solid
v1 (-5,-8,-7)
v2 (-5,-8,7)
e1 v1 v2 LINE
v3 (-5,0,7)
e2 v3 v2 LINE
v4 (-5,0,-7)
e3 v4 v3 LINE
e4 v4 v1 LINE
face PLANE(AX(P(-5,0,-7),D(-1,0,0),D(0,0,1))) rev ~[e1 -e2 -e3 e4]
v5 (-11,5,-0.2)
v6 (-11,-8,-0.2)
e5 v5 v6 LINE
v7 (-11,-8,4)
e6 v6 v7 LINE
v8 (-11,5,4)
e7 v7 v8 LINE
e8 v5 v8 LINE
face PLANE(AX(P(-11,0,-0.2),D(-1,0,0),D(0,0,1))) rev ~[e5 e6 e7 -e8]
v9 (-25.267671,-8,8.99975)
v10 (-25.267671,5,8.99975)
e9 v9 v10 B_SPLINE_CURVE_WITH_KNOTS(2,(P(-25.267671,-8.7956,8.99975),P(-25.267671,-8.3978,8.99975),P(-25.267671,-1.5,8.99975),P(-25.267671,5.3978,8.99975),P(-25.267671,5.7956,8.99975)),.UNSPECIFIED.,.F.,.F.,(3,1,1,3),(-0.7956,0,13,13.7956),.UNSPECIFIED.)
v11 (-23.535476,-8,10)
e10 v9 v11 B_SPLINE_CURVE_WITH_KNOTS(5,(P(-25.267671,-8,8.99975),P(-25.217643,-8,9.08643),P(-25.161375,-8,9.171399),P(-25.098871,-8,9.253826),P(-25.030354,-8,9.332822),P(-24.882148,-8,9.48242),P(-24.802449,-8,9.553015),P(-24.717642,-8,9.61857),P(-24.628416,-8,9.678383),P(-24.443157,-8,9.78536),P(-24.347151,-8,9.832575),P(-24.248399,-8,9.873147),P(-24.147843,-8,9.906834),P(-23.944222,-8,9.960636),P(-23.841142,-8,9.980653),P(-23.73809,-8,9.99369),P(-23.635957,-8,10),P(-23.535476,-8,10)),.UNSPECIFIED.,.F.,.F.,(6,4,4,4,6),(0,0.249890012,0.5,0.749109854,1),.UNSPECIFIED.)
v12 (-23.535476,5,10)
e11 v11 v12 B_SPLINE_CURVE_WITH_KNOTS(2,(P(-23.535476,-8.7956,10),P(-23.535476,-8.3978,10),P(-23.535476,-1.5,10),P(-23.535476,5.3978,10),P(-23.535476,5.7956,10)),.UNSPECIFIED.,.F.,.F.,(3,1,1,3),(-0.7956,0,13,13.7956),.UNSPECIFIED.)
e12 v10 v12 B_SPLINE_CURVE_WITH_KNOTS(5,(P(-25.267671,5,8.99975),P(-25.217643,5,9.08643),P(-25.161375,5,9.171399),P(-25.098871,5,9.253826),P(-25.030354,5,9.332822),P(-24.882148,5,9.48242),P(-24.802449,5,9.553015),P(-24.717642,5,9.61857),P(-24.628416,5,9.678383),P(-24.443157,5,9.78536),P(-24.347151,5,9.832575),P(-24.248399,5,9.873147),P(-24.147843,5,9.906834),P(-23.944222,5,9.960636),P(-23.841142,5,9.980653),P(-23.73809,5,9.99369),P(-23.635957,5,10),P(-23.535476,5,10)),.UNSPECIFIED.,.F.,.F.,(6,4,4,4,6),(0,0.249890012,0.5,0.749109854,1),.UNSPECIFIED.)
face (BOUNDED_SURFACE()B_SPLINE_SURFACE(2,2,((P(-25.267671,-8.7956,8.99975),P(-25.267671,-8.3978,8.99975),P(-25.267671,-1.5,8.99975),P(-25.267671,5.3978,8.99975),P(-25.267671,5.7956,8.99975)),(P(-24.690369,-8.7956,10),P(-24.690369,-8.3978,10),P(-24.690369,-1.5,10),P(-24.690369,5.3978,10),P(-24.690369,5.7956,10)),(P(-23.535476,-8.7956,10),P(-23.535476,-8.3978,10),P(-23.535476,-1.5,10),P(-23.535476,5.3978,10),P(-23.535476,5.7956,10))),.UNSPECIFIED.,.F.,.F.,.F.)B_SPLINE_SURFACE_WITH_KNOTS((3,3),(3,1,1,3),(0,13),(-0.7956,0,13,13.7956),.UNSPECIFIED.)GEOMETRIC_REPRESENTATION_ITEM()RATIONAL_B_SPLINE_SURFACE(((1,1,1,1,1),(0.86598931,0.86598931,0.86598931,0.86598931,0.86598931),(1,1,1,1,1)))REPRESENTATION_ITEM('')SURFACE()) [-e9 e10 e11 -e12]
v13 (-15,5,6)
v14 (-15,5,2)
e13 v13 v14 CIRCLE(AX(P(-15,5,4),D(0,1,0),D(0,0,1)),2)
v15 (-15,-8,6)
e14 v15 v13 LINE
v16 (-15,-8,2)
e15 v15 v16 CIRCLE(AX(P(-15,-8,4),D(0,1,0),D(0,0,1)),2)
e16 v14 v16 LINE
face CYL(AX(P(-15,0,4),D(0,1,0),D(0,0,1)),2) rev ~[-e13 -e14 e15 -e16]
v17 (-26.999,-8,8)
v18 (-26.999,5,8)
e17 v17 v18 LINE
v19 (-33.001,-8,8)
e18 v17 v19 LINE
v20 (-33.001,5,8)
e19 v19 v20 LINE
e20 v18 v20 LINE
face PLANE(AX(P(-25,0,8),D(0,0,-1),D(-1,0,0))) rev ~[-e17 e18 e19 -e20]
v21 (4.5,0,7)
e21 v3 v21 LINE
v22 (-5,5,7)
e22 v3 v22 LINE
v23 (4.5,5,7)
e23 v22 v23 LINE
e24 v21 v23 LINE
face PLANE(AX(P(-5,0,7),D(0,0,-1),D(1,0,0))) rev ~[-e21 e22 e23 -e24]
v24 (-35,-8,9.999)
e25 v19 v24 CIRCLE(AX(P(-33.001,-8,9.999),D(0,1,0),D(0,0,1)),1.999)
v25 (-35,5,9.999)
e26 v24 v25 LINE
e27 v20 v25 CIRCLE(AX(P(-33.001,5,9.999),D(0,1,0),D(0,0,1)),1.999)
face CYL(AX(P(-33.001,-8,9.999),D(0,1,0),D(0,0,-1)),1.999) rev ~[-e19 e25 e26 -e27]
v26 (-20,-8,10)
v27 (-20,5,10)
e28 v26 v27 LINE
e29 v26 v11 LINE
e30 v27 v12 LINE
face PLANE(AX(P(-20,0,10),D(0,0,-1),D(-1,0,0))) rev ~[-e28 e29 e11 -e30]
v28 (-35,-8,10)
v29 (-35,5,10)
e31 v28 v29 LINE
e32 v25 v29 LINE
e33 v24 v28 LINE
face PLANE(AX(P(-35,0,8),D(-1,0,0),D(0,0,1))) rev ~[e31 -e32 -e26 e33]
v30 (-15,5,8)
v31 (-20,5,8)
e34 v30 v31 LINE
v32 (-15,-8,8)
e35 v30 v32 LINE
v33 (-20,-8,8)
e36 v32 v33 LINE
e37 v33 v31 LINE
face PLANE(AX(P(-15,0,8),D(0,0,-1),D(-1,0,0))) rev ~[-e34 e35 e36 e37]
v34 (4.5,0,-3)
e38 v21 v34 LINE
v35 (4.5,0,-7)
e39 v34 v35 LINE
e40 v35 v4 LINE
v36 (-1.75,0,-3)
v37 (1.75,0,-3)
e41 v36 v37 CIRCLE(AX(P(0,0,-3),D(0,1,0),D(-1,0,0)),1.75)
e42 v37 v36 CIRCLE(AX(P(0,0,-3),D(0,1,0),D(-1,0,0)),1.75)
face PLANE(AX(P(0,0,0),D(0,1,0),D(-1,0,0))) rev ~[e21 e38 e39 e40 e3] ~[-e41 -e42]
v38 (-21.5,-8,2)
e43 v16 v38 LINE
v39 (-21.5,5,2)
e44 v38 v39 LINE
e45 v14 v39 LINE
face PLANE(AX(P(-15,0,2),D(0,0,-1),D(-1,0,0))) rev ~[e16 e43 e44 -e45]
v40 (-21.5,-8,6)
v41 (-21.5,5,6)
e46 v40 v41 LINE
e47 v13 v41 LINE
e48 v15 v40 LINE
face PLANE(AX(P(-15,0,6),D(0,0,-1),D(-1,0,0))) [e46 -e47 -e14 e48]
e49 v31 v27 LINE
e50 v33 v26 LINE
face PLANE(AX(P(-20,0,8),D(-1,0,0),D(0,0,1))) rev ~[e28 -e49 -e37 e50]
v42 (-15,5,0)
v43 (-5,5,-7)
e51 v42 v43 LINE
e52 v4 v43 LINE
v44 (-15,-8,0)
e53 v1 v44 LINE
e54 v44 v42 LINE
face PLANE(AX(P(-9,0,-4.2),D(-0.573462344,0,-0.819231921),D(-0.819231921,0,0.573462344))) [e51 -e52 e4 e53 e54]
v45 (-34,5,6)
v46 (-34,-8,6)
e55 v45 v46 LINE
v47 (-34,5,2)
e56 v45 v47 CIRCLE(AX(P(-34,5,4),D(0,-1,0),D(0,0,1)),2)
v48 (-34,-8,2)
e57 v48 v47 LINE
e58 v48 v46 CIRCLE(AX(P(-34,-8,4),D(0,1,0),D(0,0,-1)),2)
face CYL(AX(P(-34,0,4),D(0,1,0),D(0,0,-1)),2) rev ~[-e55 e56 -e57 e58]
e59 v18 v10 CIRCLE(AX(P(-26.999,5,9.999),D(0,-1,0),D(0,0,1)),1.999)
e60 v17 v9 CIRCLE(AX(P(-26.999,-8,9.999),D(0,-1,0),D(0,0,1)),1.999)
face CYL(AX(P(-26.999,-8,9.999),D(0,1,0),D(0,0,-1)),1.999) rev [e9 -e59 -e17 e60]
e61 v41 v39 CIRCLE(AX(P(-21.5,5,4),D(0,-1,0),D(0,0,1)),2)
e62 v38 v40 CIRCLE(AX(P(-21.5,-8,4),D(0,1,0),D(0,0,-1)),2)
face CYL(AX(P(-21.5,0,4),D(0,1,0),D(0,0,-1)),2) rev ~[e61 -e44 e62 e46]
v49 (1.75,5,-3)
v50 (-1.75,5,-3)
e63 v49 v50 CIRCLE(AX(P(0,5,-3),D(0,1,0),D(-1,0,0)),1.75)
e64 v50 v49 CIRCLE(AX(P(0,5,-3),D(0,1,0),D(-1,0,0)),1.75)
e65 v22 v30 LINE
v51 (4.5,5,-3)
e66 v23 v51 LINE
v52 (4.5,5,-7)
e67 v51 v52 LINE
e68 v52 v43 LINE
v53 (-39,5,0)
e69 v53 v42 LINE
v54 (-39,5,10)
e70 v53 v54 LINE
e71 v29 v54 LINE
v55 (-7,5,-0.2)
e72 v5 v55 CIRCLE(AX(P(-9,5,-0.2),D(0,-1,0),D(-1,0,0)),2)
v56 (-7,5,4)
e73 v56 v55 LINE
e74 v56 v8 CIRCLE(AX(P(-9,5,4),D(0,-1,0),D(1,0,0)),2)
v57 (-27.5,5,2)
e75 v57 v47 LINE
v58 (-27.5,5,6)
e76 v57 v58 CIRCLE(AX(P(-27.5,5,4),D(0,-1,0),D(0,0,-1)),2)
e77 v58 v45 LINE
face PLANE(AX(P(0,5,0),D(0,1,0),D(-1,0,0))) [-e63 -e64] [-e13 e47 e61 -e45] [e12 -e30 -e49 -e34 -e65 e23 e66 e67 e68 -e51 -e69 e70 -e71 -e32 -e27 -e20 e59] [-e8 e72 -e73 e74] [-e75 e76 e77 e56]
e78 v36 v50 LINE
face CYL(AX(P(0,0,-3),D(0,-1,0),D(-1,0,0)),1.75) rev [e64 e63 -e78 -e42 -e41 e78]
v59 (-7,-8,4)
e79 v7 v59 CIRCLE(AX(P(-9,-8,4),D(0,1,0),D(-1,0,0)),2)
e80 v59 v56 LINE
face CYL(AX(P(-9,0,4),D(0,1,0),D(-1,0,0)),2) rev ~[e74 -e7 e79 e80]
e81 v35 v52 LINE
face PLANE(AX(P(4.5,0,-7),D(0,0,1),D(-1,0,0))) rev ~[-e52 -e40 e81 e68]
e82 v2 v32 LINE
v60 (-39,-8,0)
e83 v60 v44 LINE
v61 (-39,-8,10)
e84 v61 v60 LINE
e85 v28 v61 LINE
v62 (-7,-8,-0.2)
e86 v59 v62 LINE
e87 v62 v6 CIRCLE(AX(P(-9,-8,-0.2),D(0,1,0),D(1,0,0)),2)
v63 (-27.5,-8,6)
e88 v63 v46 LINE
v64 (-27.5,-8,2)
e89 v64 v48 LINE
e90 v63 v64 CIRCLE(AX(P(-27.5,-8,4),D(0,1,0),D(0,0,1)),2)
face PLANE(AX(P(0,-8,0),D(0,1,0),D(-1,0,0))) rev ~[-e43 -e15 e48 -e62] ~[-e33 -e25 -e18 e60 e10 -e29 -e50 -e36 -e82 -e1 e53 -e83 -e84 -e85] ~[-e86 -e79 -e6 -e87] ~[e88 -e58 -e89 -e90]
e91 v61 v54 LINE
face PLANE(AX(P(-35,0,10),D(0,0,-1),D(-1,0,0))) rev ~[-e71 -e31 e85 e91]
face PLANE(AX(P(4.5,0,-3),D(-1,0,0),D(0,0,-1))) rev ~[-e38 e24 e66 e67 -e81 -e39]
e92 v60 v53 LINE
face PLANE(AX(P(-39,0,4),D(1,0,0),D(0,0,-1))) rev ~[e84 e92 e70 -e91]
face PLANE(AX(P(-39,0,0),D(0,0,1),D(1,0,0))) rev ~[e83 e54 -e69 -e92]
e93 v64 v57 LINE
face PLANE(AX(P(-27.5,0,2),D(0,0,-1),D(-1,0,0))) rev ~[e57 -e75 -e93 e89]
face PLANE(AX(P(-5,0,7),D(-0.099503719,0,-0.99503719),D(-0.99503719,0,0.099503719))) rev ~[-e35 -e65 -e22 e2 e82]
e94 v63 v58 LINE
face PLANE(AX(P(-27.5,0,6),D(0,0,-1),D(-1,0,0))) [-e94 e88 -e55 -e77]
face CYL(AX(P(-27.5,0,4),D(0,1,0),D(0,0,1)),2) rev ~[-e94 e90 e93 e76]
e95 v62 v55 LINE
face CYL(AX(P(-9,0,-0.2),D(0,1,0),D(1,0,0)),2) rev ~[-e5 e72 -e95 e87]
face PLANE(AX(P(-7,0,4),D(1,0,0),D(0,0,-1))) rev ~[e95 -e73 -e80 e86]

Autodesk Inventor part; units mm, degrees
ref_plane "YZ Plane" through (0, 0, 0) normal (1, 0, 0) x (0, 1, 0)
ref_plane "XZ Plane" through (0, 0, 0) normal (0, 1, 0) x (-1, 0, 0)
ref_plane "XY Plane" through (0, 0, 0) normal (0, 0, 1) x (1, 0, 0)
sketch "Sketch1" plane through (0, 0, 0) normal (0, 1, 0) x (-1, 0, 0)
  line L0 (15, 0) -> (15, 8)
  line L1 (15, 8) -> (20, 8)
  line L2 (20, 8) -> (20, 10)
  line L3 (20, 10) -> (25, 10)
  line L4 (25, 10) -> (25, 8)
  line L5 (25, 8) -> (35, 8)
  line L6 (35, 8) -> (35, 10)
  line L7 (35, 10) -> (39, 10)
  line L8 (39, 10) -> (39, 0)
  line L9 (39, 0) -> (15, 0)
  line L10 (15, 4) -> (39, 4)
  line L11 (39, 4) -> (34, 4)
  arc A0 (34, 2) -> (34, 6) centre (34, 4) ccw
  arc A1 (15, 6) -> (15, 2) centre (15, 4) ccw
  line L12 (34, 4) -> (15, 4)
  line L13 (24.5, 4) -> (27.5, 4)
  line L14 (24.5, 4) -> (21.5, 4)
  arc A2 (27.5, 6) -> (27.5, 2) centre (27.5, 4) ccw
  arc A3 (21.5, 2) -> (21.5, 6) centre (21.5, 4) ccw
  line L15 (15, 2) -> (21.5, 2)
  line L16 (27.5, 2) -> (34, 2)
  line L17 (15, 6) -> (21.5, 6)
  line L18 (27.5, 6) -> (34, 6)
  line L19 (5, 7) -> (15, 8)
  line L20 (5, 7) -> (-4.5, 7)
  line L21 (-4.5, 7) -> (-4.5, -3)
  line L22 (-4.5, -3) -> (0, -3)
  circle A4 centre (0, -3) radius 1.75
  line L23 (-4.5, -3) -> (-4.5, -7)
  line L24 (-4.5, -7) -> (5, -7)
  line L25 (5, -7) -> (5, 7)
  line L26 (5, -7) -> (15, 0)
  line L27 (5, 7) -> (9, 7)
  line L28 (9, 7) -> (9, 4)
  line L29 (9, -4.2) -> (9, -0.2)
  arc A5 (11, 4) -> (7, 4) centre (9, 4) ccw
  arc A6 (7, -0.2) -> (11, -0.2) centre (9, -0.2) ccw
  line L30 (7, 4) -> (7, -0.2)
  line L31 (11, -0.2) -> (11, 4)
  line L32 (9, 7) -> (9, 6)
  line L33 (9, -2.2) -> (9, -4.2)
  dimension "d6" = 8
  dimension "d7" = 5
  dimension "d8" = 2
  dimension "d9" = 5
  dimension "d10" = 2
  dimension "d11" = 10
  dimension "d12" = 2
  dimension "d13" = 4
  dimension "d15" = 5
  dimension "d16" = 4
  dimension "d17" = 4
  dimension "d18" = 3
  dimension "d19" = 3
  dimension "d20" = 4
  dimension "d21" = 4
  dimension "d36" = 10
  dimension "d37" = 4.5
  dimension "d38" = 3.5
  dimension "d39" = 4
  dimension "d40" = 4
  dimension "d41" = 3
  dimension "d42" = 4
  dimension "d43" = 4
  dimension "d44" = 4
extrude "Extrusion3" add sketch "Sketch1" against normal blind 8 contours L26 L29 A6 L31 A5 L28 L27 L19 L0 A1 | L0 L15 A3 L10 A2 L16 A0 L8 L9 | L26 L25 L27 L28 A5 L30 A6 L29 | L0 L1 L2 L3 L4 L5 L6 L7 L8 L10 A0 L18 A2 A3 L17
extrude "Extrusion4" add sketch "Sketch1" along normal blind 5 contours L26 L29 A6 L31 A5 L28 L27 L19 L0 A1 | L0 L15 A3 L10 A2 L16 A0 L8 L9 | L26 L25 L27 L28 A5 L30 A6 L29 | L0 L1 L2 L3 L4 L5 L6 L7 L8 L10 A0 L18 A2 A3 L17 | L24 L23 L21 L20 L25
fillet "Fillet2" radius 2 3 edges at (-25, -1.5, 8) (-25, -1.5, 10) (-35, -1.5, 8)
properties part number "servo_clip_header"
